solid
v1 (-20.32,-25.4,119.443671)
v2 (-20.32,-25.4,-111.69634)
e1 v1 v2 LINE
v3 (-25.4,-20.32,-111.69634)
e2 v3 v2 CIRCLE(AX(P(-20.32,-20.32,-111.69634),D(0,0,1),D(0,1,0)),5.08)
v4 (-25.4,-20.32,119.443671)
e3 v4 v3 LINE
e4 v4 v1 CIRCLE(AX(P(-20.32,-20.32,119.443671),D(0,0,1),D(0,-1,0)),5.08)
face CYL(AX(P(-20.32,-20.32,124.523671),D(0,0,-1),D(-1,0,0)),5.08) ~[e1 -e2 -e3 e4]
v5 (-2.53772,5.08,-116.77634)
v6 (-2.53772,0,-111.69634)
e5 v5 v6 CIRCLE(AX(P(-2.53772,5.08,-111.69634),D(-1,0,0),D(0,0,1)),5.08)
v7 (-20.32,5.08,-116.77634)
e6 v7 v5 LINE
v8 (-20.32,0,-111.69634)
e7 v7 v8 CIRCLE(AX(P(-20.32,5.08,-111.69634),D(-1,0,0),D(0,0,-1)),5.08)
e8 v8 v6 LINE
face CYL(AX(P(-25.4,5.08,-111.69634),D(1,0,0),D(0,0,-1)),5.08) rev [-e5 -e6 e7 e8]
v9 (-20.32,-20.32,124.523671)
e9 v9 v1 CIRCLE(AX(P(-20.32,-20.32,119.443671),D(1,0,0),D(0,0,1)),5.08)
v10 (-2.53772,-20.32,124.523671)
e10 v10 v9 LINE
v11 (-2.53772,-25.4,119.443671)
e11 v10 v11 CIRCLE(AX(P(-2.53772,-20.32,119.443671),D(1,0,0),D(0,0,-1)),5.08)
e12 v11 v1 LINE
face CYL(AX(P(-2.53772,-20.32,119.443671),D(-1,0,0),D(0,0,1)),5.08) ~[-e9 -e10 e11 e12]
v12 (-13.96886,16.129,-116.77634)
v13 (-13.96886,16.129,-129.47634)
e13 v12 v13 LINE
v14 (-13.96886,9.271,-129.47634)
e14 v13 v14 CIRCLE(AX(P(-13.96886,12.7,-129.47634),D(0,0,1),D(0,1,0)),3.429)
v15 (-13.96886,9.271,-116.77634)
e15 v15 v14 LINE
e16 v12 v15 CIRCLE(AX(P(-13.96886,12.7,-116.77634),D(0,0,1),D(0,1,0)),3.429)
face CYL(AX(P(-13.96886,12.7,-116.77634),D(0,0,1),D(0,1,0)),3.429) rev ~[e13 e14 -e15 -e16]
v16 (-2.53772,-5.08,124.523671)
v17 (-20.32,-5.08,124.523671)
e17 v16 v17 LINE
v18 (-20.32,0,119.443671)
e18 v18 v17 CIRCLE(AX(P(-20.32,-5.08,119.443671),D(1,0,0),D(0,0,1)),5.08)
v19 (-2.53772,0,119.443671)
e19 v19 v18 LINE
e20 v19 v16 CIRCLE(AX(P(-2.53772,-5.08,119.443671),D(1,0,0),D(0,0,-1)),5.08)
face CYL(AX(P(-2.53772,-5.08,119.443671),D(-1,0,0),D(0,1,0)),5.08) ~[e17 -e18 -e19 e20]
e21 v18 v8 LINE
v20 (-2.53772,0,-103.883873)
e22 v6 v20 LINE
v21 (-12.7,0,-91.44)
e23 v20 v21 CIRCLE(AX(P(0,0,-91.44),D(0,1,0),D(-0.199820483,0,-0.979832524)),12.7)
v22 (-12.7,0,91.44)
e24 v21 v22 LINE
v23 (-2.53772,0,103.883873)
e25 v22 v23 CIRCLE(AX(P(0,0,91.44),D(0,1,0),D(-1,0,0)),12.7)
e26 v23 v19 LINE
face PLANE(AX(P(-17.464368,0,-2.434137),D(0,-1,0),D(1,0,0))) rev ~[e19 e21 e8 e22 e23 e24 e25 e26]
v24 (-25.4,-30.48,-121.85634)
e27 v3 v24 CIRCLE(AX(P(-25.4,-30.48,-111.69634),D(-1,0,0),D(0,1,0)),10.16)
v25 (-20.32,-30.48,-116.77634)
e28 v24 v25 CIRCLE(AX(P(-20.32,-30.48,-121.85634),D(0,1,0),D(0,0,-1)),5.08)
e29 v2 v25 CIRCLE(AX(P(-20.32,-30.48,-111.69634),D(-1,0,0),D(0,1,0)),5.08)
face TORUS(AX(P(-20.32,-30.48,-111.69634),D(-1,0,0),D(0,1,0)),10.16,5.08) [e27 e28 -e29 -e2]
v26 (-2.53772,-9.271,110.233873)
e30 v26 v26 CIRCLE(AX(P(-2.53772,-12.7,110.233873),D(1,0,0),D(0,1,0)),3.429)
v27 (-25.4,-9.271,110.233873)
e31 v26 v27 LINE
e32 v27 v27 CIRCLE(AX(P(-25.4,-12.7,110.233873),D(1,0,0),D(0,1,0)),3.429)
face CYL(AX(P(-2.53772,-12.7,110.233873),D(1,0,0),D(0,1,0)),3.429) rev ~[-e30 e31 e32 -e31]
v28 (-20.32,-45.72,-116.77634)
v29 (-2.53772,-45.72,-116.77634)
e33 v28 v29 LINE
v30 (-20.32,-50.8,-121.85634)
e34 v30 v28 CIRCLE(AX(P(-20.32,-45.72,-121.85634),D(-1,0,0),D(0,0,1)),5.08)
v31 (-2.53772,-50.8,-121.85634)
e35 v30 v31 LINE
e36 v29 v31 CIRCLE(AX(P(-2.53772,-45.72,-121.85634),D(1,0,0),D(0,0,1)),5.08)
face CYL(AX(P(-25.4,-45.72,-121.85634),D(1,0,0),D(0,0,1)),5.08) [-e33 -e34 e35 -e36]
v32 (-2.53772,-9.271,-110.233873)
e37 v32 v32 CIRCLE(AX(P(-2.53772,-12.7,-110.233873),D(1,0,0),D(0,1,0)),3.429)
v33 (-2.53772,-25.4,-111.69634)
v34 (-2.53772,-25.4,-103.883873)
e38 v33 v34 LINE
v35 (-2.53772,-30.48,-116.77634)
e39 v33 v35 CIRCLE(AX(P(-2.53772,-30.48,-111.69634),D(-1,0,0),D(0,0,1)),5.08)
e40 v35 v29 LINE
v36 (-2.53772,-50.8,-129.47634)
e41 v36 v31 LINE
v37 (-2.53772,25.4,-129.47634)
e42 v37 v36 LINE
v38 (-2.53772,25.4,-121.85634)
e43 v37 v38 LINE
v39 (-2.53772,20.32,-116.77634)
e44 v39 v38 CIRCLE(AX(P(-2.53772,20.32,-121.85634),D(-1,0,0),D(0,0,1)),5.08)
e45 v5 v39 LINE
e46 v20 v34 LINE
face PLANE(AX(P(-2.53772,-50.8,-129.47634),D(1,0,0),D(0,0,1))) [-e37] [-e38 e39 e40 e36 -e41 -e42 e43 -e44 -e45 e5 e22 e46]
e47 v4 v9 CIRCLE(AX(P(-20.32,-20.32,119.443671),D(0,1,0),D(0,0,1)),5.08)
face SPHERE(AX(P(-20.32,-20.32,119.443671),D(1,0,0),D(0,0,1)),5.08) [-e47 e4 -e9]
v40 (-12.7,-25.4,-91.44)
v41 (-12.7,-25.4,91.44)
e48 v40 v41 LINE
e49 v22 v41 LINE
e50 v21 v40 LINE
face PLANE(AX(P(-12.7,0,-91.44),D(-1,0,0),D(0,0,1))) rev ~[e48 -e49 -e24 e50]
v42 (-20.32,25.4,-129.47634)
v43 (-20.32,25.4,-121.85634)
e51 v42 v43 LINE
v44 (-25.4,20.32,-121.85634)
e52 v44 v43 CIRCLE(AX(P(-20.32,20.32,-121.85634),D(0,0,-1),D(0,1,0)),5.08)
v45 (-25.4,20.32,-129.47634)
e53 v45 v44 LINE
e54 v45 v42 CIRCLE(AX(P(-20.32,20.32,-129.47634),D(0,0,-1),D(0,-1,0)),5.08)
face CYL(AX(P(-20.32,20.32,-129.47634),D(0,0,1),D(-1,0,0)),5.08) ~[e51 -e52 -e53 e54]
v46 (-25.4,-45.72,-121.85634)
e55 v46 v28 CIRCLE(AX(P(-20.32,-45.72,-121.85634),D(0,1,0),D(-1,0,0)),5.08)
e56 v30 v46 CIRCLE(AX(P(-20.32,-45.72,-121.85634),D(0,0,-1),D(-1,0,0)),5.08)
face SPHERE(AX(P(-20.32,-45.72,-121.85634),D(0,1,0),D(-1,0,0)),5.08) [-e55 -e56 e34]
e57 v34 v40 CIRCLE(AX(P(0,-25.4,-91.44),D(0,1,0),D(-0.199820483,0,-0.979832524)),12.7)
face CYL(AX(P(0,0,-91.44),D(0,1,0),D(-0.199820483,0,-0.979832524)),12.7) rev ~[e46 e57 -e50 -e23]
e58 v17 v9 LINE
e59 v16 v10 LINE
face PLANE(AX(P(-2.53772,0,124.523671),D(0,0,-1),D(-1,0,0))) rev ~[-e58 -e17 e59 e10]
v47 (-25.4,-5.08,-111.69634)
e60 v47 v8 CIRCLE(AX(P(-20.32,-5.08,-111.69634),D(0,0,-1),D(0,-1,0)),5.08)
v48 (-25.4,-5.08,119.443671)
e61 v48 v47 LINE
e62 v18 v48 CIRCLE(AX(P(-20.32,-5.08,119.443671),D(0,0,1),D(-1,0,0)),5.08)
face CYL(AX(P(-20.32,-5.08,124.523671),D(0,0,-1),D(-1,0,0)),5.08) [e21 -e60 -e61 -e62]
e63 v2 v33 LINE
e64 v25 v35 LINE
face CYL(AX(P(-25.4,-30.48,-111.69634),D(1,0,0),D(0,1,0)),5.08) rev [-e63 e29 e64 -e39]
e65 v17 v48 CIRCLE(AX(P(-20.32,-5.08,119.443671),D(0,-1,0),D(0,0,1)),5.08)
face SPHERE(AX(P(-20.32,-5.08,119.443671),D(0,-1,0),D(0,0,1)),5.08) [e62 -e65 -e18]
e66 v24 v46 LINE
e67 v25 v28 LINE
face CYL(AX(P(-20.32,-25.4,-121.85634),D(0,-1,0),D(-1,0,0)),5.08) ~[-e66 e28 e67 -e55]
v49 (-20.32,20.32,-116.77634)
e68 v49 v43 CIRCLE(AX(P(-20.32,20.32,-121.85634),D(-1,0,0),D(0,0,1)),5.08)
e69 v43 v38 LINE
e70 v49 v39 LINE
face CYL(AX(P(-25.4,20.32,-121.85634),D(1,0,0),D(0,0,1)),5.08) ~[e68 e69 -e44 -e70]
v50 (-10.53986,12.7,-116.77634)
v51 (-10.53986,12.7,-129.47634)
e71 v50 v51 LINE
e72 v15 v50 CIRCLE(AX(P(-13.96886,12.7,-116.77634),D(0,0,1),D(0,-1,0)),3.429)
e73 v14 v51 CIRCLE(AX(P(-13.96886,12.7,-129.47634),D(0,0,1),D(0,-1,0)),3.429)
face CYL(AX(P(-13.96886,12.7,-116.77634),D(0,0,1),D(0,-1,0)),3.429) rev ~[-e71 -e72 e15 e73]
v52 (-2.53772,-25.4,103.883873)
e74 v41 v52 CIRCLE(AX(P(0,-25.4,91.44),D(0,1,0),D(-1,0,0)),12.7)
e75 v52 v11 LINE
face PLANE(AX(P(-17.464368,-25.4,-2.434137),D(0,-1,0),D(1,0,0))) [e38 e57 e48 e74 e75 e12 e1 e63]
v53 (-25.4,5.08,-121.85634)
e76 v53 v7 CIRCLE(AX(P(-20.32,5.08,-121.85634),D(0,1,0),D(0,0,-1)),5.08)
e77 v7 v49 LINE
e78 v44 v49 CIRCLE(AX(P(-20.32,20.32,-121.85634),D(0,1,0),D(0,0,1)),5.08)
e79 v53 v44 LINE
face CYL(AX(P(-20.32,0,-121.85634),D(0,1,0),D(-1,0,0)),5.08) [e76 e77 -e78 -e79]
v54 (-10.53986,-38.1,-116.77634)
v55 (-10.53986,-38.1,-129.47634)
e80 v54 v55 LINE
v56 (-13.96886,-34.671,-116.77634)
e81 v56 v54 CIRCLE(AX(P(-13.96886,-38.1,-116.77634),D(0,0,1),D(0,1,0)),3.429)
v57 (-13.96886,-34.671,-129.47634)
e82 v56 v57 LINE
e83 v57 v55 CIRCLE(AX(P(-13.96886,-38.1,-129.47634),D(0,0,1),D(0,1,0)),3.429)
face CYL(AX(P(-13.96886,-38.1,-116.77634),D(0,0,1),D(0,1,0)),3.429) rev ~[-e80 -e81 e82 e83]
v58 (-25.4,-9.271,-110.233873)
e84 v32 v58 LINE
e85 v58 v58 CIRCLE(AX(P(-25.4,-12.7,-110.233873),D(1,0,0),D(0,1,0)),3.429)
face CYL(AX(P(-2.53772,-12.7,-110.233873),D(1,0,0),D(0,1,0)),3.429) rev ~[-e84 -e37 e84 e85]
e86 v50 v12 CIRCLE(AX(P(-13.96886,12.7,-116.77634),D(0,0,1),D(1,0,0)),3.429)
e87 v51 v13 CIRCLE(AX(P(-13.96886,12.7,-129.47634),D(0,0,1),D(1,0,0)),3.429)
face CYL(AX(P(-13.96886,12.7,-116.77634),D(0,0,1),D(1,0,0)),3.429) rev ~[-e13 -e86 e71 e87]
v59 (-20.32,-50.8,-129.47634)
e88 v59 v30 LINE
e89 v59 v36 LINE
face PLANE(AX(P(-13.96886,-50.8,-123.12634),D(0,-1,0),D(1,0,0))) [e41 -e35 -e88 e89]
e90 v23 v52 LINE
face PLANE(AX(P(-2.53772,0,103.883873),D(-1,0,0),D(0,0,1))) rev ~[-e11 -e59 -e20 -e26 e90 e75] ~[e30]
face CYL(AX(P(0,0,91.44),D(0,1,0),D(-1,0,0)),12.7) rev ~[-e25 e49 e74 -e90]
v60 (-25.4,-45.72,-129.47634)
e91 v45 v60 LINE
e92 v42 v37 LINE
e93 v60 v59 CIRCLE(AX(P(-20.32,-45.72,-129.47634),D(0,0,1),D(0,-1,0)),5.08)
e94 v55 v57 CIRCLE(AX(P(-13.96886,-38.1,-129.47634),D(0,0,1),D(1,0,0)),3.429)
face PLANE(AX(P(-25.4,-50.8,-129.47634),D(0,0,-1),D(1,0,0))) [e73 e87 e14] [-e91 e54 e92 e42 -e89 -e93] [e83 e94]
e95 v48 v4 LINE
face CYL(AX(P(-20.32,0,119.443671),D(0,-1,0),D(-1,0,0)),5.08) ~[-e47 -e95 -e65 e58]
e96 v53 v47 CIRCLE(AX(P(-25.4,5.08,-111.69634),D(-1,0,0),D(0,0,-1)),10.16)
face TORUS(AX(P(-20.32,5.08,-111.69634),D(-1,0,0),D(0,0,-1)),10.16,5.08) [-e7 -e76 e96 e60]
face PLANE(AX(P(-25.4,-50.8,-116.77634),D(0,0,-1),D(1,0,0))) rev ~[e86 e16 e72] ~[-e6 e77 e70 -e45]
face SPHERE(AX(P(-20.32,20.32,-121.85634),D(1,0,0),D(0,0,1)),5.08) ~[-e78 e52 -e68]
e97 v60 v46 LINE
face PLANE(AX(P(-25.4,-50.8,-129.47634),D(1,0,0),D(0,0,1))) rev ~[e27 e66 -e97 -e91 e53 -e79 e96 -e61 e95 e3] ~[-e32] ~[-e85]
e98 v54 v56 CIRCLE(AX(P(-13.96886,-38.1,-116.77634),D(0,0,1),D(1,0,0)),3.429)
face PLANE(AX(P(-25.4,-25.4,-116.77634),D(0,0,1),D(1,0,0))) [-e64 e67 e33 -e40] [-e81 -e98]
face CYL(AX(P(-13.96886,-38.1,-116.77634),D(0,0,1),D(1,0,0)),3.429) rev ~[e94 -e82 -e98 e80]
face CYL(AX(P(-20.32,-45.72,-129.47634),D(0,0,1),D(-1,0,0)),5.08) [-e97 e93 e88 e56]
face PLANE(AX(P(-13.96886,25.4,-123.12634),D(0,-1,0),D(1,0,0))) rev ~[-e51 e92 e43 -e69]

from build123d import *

# Parameters (mm, degrees)
F1_DEPTH = 25.4
F2_R     = 3.429
F3_DEPTH = 147.32
F4_W     = 22.8622798618
F4_H     = 12.7
F5_DEPTH = 25.4
F6_DEPTH = 76.2
F8_DEPTH = 25.4
F9_R     = 5.08


with BuildPart() as f1:
    # F0 (on Front) → F1 (new body)
    with BuildSketch(Plane.XZ):
        with BuildLine():
            Line((-25.4, 124.5236706513), (-25.4, 91.1413904513))
            Line((-25.4, 91.1413904513), (-25.4, -91.1413904513))
            Line((-25.4, -91.1413904513), (-25.4, -91.4211095487))
            Line((-25.4, -91.4211095487), (-25.4, -129.4763404513))
            Line((-25.4, -129.4763404513), (-2.5377201382, -129.4763404513))
            Line((-2.5377201382, -129.4763404513), (-2.5377201382, -103.8838730506))
            ThreePointArc((-2.5377201382, -103.8838730506), (-9.8366418496, -99.4730864008), (-12.7, -91.44))
            Line((-12.7, -91.44), (-12.7, 91.44))
            ThreePointArc((-12.7, 91.44), (-9.8366418496, 99.4730864008), (-2.5377201382, 103.8838730506))
            Line((-2.5377201382, 103.8838730506), (-2.5377201382, 124.5236706513))
            Line((-2.5377201382, 124.5236706513), (-25.4, 124.5236706513))
        make_face()
    extrude(amount=F1_DEPTH)

    # F2 (on face) → F3 (cut)
    with BuildSketch(Plane.YZ.offset(-2.5377201382)):
        with Locations((-12.7, -110.2338730506)):
            Circle(F2_R)
        with Locations((-12.7, 110.2338730506)):
            Circle(F2_R)
    extrude(amount=-F3_DEPTH, mode=Mode.SUBTRACT)

    # F4 (on face) → F5 (join)
    with BuildSketch(Plane.XZ.offset(25.4)):
        with Locations((-13.9688600691, -123.1263404513)):
            Rectangle(F4_W, F4_H)
    extrude(amount=F5_DEPTH)

    # F6 (add): a face of the model
    f6_faces = [f1.faces().sort_by_distance(p)[0] for p in [
        (-13.9688600691, -50.8, -123.1263404513),
    ]]
    extrude(f6_faces, amount=-F6_DEPTH)

    # F7 (on face) → F8 (cut)
    with BuildSketch(Plane.XY.offset(-116.7763404513)):
        with BuildLine():
            Line((-13.9688600691, 9.271), (-13.9688600691, 16.129))
            ThreePointArc((-13.9688600691, 16.129), (-17.3978600691, 12.7), (-13.9688600691, 9.271))
        make_face()
        with BuildLine():
            ThreePointArc((-10.5398600691, -38.1), (-11.5441909164, -35.6753308473), (-13.9688600691, -34.671))
            ThreePointArc((-13.9688600691, -34.671), (-16.3935292218, -40.5246691527), (-10.5398600691, -38.1))
        make_face()
        with BuildLine():
            ThreePointArc((-13.9688600691, 9.271), (-11.5441909164, 10.2753308473), (-10.5398600691, 12.7))
            ThreePointArc((-10.5398600691, 12.7), (-11.5441909164, 15.1246691527), (-13.9688600691, 16.129))
            Line((-13.9688600691, 16.129), (-13.9688600691, 9.271))
        make_face()
    extrude(amount=-F8_DEPTH, mode=Mode.SUBTRACT)

    # F9
    f9_edges = [f1.edges().sort_by_distance(p)[0] for p in [
        (-13.96886, -25.4, 124.523671),
        (-25.4, -12.7, 124.523671),
        (-13.96886, 0, 124.523671),
        (-25.4, -25.4, 3.873665),
        (-25.4, 0, 3.873665),
        (-13.96886, 0, -116.77634),
        (-13.96886, 25.4, -116.77634),
        (-25.4, -38.1, -116.77634),
        (-25.4, 12.7, -116.77634),
        (-25.4, 25.4, -123.12634),
        (-13.96886, -25.4, -116.77634),
        (-25.4, -50.8, -123.12634),
        (-13.96886, -50.8, -116.77634),
    ]]
    fillet(f9_edges, radius=F9_R)


solid = f1.part
